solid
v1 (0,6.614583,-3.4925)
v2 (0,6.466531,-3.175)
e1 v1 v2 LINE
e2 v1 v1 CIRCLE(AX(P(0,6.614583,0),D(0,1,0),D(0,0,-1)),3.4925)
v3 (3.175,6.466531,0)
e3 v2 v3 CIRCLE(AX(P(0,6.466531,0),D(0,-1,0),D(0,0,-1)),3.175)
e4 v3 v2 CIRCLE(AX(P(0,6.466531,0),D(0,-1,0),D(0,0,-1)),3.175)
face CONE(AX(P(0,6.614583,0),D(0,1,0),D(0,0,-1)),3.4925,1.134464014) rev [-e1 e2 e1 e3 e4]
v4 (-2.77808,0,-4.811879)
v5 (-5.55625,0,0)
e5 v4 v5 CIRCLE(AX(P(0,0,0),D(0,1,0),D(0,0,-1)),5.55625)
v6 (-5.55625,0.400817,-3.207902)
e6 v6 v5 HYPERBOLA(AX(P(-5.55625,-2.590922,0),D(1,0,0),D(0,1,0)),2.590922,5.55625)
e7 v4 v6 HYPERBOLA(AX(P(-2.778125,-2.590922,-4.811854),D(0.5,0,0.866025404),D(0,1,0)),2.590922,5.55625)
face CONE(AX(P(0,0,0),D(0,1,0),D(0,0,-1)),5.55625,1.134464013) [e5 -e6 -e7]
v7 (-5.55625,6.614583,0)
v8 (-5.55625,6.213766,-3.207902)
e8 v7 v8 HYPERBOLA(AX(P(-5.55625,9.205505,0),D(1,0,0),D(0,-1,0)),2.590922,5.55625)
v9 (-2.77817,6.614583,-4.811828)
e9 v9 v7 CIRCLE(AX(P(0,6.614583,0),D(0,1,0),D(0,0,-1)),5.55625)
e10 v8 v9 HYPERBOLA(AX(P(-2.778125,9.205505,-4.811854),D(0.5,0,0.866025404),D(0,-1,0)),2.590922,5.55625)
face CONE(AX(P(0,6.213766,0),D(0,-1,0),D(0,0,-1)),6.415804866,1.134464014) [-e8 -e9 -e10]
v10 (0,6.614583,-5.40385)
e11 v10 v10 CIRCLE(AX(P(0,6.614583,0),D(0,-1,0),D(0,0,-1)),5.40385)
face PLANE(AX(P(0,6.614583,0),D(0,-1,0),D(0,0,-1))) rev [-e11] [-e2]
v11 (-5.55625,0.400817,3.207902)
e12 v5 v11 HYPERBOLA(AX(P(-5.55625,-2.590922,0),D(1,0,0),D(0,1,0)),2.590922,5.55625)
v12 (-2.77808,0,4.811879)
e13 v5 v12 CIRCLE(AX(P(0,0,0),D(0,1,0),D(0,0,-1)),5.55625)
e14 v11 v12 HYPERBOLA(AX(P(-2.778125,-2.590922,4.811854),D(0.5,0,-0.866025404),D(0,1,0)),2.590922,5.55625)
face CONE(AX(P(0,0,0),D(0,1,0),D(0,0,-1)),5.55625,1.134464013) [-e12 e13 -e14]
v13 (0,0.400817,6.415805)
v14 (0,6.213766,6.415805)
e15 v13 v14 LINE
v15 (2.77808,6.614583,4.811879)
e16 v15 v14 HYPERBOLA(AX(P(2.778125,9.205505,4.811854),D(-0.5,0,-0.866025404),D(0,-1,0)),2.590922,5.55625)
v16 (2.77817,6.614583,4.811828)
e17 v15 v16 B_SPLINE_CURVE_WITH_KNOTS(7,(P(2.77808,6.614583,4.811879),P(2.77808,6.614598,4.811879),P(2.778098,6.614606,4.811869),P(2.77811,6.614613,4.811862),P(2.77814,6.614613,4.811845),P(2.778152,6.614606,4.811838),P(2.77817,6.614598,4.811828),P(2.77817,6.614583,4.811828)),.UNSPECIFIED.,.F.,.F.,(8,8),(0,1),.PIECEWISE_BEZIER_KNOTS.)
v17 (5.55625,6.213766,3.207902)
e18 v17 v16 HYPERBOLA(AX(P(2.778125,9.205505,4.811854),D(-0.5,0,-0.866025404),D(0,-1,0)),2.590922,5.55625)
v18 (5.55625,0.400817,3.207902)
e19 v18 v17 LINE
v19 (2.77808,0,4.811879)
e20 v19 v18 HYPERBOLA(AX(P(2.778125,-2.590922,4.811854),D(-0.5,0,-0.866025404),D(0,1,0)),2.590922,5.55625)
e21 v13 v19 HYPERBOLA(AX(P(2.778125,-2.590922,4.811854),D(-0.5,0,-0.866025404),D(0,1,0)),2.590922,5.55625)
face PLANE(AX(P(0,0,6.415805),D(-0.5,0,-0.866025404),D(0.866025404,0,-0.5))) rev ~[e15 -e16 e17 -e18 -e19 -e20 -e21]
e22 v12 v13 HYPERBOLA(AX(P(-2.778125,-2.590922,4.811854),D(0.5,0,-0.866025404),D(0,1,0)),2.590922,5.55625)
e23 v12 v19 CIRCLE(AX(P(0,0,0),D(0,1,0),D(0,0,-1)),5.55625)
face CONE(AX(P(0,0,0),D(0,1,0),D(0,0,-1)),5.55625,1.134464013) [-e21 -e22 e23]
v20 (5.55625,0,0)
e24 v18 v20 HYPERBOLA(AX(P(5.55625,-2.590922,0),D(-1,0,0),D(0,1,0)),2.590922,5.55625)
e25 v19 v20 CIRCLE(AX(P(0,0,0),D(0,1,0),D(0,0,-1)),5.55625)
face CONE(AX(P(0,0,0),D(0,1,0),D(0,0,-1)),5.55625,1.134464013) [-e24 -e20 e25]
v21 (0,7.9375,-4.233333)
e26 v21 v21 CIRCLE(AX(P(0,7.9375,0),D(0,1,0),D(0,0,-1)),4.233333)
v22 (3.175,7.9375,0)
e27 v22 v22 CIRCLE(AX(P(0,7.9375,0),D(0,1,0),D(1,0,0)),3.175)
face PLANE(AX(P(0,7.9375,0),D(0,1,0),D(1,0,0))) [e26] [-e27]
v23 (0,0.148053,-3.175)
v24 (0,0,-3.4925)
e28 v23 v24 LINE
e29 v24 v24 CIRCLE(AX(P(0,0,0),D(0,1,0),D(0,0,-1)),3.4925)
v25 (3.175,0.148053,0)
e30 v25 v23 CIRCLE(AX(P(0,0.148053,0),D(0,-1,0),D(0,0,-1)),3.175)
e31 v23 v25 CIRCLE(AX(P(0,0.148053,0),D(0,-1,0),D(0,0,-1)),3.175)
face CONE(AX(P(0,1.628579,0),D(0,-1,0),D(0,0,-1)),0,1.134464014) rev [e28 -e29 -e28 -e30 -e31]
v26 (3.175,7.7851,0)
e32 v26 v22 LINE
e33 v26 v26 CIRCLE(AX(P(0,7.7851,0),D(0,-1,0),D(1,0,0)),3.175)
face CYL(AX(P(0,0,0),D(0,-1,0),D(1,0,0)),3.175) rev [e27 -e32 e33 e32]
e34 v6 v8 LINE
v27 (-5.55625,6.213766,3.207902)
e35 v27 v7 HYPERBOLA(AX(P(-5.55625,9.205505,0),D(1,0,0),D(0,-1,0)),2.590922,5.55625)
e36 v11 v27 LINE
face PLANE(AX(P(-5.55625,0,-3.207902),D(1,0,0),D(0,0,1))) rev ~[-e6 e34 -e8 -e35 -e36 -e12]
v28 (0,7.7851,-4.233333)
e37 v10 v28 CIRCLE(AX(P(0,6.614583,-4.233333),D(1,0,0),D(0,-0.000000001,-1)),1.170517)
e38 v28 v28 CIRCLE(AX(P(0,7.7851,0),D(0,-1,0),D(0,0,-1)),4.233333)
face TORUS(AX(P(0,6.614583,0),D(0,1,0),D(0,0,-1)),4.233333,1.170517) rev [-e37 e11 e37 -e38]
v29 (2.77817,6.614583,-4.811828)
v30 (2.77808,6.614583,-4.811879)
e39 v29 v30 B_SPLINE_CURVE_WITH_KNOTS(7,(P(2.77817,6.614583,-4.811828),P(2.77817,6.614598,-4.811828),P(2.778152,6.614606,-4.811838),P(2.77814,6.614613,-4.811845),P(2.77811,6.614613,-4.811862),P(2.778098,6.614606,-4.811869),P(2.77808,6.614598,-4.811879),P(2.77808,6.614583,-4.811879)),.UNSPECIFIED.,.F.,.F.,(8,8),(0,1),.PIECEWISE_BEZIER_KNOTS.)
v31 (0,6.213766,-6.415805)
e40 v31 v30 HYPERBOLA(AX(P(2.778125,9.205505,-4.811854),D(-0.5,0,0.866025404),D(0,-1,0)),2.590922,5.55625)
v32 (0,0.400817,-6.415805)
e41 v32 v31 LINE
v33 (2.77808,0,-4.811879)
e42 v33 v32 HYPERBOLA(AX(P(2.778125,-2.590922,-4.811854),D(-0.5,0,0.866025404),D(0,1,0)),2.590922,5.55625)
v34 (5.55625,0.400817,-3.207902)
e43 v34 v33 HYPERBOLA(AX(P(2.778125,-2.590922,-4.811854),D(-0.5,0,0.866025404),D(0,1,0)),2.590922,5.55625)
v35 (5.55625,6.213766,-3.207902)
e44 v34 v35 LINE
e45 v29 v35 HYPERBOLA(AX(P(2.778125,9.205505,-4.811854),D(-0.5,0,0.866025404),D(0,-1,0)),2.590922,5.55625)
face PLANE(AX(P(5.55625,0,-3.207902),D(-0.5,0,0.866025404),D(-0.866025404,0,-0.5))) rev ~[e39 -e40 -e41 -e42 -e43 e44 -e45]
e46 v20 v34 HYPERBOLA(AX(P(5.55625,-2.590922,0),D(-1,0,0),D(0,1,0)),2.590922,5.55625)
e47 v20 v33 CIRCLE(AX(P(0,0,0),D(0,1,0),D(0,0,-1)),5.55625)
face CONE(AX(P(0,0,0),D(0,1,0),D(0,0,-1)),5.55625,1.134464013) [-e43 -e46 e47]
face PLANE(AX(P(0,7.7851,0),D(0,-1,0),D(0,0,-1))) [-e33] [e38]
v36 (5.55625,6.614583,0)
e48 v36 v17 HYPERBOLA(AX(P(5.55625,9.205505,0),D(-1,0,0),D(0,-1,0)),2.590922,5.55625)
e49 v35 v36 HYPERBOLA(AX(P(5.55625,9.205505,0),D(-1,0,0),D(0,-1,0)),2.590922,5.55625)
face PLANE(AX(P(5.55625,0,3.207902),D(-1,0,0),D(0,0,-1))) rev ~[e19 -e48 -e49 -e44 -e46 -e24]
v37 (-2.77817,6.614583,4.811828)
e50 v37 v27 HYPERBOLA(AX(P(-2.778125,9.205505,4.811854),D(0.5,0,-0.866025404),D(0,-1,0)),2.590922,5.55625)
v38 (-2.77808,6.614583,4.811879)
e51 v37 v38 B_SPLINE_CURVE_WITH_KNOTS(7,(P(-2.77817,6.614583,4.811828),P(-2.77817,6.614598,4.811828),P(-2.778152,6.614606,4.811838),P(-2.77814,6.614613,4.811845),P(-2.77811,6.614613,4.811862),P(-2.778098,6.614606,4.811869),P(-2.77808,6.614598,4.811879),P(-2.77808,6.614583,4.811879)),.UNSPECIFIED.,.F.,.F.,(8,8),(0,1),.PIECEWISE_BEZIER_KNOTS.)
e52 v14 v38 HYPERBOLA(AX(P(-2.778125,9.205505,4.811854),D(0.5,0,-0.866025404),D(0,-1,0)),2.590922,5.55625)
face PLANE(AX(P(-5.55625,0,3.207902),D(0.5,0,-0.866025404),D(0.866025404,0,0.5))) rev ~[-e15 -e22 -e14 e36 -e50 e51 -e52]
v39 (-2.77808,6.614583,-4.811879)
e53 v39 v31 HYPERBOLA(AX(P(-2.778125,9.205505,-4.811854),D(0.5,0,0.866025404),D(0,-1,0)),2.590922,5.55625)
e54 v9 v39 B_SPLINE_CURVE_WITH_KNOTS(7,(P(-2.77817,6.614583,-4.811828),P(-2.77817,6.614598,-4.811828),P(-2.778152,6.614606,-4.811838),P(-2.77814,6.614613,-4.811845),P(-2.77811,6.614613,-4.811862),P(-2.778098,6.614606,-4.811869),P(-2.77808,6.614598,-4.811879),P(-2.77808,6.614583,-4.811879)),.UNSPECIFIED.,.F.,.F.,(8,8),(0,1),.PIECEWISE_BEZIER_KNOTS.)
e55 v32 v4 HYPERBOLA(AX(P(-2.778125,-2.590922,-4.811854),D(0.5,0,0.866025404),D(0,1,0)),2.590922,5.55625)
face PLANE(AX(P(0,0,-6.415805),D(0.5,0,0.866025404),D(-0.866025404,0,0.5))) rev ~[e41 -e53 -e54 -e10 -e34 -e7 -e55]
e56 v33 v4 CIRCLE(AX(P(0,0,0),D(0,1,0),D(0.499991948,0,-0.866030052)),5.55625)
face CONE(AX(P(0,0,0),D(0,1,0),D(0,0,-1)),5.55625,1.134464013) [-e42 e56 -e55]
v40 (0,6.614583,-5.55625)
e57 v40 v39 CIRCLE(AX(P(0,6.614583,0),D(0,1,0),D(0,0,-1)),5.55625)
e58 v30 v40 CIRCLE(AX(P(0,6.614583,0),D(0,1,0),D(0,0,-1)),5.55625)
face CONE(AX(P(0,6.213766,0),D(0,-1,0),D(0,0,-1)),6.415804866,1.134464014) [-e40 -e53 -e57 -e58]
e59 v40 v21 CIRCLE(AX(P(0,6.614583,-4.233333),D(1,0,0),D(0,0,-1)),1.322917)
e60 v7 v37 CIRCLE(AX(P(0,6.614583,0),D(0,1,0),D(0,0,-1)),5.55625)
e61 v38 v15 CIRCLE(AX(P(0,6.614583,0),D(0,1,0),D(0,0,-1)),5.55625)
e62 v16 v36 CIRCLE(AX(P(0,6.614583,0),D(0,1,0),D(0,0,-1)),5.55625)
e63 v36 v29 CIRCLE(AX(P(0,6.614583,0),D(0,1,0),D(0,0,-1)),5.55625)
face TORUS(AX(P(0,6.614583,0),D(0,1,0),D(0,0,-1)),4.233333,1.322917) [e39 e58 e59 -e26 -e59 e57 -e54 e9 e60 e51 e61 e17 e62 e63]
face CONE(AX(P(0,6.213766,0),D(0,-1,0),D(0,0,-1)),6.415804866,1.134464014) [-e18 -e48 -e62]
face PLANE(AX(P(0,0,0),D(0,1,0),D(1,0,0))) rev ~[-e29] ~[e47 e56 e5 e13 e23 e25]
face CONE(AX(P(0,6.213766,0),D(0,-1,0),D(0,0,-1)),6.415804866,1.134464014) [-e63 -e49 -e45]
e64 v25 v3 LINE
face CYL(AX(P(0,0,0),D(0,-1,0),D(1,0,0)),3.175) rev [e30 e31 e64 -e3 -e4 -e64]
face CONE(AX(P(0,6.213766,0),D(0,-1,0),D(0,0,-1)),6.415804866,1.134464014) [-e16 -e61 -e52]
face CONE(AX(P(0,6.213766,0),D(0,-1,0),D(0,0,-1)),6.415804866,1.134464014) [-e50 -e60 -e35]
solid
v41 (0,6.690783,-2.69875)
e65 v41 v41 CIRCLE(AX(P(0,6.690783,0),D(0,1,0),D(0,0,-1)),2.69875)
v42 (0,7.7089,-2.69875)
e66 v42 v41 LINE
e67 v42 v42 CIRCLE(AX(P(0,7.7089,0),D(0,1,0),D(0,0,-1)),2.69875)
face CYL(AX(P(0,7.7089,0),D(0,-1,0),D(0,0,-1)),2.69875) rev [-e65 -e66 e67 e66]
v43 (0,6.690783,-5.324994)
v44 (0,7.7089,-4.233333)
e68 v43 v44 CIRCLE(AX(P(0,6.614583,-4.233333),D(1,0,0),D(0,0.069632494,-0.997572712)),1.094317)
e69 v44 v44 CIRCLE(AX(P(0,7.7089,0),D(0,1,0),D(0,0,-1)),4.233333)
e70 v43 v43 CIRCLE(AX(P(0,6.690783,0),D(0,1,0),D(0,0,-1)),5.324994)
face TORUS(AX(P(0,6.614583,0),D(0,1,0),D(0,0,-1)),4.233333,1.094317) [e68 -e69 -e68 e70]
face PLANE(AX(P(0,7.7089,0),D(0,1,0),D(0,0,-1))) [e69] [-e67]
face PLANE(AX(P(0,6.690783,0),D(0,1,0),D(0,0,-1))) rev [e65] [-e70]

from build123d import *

# Parameters (mm, degrees)
SKETCH13_R     = 3.175
EXTRUDE1_DEPTH = 7.9375


with BuildPart() as part:
    # Sketch13 → Extrude1 (new body)
    with BuildSketch(Plane(origin=(0, 0, 0), x_dir=(1, 0, 0), z_dir=(0, 1, 0))):
        Polygon((0, 6.415804866), (-5.55625, 3.207902433), (-5.55625, -3.207902433), (0, -6.415804866), (5.55625, -3.207902433), (5.55625, 3.207902433), align=None)
        Circle(SKETCH13_R, mode=Mode.SUBTRACT)
    extrude(amount=EXTRUDE1_DEPTH)

    # Sketch5 → Cut-Revolve3 (revolve, cut)
    with BuildSketch(Plane(origin=(0, 0, 0), x_dir=(0, 0, -1), z_dir=(1, 0, 0))):
        with BuildLine():
            Line((0, 0), (5.55625, 0))
            Line((5.55625, 0), (6.415804866, 0.400817017))
            Line((6.415804866, 0.400817017), (6.415804866, 6.213766317))
            Line((6.415804866, 6.213766317), (5.55625, 6.614583333))
            ThreePointArc((5.55625, 6.614583333), (5.168776679, 7.550026679), (4.233333333, 7.9375))
            Line((4.233333333, 7.9375), (4.233333333, 9.2075))
            Line((4.233333333, 9.2075), (7.685804866, 9.2075))
            Line((7.685804866, 9.2075), (7.685804866, -1.27))
            Line((7.685804866, -1.27), (0, -1.27))
            Line((0, -1.27), (0, 0))
        make_face()
    revolve(axis=Axis((0, 0, 0), (0, 1, 0)), mode=Mode.SUBTRACT)

    # Sketch6 → Cut-Revolve4 (revolve, cut)
    with BuildSketch(Plane(origin=(0, 0, 0), x_dir=(0, 0, -1), z_dir=(1, 0, 0))):
        with BuildLine():
            Line((0, 6.614583333), (5.40385, 6.614583333))
            ThreePointArc((5.40385, 6.614583333), (5.061013606, 7.442263606), (4.233333333, 7.7851))
            Line((4.233333333, 7.7851), (2.116666667, 7.7851))
            Line((2.116666667, 7.7851), (2.116666667, 9.2075))
            Line((2.116666667, 9.2075), (0, 9.2075))
            Line((0, 9.2075), (0, 6.614583333))
        make_face()
    revolve(axis=Axis((0, 9.2075, 0), (0, -1, 0)), mode=Mode.SUBTRACT)

    # Sketch4 → Cut-Revolve2 (revolve, cut)
    with BuildSketch(Plane(origin=(0, 0, 0), x_dir=(0, 0, -1), z_dir=(1, 0, 0))):
        Polygon((0, 6.614583333), (3.4925, 6.614583333), (0, 4.986003837), align=None)
        Polygon((0, 1.628579496), (3.4925, 0), (0, 0), align=None)
    revolve(axis=Axis((0, 0, 0), (0, 1, 0)), mode=Mode.SUBTRACT)


with BuildPart() as body_2:
    # Sketch7 → Revolve2 (revolve)
    with BuildSketch(Plane(origin=(0, 0, 0), x_dir=(0, 0, -1), z_dir=(1, 0, 0))):
        with BuildLine():
            Line((2.69875, 6.690783333), (5.324993778, 6.690783333))
            ThreePointArc((5.324993778, 6.690783333), (4.979705237, 7.4148695), (4.233333333, 7.7089))
            Line((4.233333333, 7.7089), (2.69875, 7.7089))
            Line((2.69875, 7.7089), (2.69875, 6.690783333))
        make_face()
    revolve(axis=Axis((0, 6.690783333, 0), (0, 1, 0)))


solid = Compound([part.part, body_2.part])
